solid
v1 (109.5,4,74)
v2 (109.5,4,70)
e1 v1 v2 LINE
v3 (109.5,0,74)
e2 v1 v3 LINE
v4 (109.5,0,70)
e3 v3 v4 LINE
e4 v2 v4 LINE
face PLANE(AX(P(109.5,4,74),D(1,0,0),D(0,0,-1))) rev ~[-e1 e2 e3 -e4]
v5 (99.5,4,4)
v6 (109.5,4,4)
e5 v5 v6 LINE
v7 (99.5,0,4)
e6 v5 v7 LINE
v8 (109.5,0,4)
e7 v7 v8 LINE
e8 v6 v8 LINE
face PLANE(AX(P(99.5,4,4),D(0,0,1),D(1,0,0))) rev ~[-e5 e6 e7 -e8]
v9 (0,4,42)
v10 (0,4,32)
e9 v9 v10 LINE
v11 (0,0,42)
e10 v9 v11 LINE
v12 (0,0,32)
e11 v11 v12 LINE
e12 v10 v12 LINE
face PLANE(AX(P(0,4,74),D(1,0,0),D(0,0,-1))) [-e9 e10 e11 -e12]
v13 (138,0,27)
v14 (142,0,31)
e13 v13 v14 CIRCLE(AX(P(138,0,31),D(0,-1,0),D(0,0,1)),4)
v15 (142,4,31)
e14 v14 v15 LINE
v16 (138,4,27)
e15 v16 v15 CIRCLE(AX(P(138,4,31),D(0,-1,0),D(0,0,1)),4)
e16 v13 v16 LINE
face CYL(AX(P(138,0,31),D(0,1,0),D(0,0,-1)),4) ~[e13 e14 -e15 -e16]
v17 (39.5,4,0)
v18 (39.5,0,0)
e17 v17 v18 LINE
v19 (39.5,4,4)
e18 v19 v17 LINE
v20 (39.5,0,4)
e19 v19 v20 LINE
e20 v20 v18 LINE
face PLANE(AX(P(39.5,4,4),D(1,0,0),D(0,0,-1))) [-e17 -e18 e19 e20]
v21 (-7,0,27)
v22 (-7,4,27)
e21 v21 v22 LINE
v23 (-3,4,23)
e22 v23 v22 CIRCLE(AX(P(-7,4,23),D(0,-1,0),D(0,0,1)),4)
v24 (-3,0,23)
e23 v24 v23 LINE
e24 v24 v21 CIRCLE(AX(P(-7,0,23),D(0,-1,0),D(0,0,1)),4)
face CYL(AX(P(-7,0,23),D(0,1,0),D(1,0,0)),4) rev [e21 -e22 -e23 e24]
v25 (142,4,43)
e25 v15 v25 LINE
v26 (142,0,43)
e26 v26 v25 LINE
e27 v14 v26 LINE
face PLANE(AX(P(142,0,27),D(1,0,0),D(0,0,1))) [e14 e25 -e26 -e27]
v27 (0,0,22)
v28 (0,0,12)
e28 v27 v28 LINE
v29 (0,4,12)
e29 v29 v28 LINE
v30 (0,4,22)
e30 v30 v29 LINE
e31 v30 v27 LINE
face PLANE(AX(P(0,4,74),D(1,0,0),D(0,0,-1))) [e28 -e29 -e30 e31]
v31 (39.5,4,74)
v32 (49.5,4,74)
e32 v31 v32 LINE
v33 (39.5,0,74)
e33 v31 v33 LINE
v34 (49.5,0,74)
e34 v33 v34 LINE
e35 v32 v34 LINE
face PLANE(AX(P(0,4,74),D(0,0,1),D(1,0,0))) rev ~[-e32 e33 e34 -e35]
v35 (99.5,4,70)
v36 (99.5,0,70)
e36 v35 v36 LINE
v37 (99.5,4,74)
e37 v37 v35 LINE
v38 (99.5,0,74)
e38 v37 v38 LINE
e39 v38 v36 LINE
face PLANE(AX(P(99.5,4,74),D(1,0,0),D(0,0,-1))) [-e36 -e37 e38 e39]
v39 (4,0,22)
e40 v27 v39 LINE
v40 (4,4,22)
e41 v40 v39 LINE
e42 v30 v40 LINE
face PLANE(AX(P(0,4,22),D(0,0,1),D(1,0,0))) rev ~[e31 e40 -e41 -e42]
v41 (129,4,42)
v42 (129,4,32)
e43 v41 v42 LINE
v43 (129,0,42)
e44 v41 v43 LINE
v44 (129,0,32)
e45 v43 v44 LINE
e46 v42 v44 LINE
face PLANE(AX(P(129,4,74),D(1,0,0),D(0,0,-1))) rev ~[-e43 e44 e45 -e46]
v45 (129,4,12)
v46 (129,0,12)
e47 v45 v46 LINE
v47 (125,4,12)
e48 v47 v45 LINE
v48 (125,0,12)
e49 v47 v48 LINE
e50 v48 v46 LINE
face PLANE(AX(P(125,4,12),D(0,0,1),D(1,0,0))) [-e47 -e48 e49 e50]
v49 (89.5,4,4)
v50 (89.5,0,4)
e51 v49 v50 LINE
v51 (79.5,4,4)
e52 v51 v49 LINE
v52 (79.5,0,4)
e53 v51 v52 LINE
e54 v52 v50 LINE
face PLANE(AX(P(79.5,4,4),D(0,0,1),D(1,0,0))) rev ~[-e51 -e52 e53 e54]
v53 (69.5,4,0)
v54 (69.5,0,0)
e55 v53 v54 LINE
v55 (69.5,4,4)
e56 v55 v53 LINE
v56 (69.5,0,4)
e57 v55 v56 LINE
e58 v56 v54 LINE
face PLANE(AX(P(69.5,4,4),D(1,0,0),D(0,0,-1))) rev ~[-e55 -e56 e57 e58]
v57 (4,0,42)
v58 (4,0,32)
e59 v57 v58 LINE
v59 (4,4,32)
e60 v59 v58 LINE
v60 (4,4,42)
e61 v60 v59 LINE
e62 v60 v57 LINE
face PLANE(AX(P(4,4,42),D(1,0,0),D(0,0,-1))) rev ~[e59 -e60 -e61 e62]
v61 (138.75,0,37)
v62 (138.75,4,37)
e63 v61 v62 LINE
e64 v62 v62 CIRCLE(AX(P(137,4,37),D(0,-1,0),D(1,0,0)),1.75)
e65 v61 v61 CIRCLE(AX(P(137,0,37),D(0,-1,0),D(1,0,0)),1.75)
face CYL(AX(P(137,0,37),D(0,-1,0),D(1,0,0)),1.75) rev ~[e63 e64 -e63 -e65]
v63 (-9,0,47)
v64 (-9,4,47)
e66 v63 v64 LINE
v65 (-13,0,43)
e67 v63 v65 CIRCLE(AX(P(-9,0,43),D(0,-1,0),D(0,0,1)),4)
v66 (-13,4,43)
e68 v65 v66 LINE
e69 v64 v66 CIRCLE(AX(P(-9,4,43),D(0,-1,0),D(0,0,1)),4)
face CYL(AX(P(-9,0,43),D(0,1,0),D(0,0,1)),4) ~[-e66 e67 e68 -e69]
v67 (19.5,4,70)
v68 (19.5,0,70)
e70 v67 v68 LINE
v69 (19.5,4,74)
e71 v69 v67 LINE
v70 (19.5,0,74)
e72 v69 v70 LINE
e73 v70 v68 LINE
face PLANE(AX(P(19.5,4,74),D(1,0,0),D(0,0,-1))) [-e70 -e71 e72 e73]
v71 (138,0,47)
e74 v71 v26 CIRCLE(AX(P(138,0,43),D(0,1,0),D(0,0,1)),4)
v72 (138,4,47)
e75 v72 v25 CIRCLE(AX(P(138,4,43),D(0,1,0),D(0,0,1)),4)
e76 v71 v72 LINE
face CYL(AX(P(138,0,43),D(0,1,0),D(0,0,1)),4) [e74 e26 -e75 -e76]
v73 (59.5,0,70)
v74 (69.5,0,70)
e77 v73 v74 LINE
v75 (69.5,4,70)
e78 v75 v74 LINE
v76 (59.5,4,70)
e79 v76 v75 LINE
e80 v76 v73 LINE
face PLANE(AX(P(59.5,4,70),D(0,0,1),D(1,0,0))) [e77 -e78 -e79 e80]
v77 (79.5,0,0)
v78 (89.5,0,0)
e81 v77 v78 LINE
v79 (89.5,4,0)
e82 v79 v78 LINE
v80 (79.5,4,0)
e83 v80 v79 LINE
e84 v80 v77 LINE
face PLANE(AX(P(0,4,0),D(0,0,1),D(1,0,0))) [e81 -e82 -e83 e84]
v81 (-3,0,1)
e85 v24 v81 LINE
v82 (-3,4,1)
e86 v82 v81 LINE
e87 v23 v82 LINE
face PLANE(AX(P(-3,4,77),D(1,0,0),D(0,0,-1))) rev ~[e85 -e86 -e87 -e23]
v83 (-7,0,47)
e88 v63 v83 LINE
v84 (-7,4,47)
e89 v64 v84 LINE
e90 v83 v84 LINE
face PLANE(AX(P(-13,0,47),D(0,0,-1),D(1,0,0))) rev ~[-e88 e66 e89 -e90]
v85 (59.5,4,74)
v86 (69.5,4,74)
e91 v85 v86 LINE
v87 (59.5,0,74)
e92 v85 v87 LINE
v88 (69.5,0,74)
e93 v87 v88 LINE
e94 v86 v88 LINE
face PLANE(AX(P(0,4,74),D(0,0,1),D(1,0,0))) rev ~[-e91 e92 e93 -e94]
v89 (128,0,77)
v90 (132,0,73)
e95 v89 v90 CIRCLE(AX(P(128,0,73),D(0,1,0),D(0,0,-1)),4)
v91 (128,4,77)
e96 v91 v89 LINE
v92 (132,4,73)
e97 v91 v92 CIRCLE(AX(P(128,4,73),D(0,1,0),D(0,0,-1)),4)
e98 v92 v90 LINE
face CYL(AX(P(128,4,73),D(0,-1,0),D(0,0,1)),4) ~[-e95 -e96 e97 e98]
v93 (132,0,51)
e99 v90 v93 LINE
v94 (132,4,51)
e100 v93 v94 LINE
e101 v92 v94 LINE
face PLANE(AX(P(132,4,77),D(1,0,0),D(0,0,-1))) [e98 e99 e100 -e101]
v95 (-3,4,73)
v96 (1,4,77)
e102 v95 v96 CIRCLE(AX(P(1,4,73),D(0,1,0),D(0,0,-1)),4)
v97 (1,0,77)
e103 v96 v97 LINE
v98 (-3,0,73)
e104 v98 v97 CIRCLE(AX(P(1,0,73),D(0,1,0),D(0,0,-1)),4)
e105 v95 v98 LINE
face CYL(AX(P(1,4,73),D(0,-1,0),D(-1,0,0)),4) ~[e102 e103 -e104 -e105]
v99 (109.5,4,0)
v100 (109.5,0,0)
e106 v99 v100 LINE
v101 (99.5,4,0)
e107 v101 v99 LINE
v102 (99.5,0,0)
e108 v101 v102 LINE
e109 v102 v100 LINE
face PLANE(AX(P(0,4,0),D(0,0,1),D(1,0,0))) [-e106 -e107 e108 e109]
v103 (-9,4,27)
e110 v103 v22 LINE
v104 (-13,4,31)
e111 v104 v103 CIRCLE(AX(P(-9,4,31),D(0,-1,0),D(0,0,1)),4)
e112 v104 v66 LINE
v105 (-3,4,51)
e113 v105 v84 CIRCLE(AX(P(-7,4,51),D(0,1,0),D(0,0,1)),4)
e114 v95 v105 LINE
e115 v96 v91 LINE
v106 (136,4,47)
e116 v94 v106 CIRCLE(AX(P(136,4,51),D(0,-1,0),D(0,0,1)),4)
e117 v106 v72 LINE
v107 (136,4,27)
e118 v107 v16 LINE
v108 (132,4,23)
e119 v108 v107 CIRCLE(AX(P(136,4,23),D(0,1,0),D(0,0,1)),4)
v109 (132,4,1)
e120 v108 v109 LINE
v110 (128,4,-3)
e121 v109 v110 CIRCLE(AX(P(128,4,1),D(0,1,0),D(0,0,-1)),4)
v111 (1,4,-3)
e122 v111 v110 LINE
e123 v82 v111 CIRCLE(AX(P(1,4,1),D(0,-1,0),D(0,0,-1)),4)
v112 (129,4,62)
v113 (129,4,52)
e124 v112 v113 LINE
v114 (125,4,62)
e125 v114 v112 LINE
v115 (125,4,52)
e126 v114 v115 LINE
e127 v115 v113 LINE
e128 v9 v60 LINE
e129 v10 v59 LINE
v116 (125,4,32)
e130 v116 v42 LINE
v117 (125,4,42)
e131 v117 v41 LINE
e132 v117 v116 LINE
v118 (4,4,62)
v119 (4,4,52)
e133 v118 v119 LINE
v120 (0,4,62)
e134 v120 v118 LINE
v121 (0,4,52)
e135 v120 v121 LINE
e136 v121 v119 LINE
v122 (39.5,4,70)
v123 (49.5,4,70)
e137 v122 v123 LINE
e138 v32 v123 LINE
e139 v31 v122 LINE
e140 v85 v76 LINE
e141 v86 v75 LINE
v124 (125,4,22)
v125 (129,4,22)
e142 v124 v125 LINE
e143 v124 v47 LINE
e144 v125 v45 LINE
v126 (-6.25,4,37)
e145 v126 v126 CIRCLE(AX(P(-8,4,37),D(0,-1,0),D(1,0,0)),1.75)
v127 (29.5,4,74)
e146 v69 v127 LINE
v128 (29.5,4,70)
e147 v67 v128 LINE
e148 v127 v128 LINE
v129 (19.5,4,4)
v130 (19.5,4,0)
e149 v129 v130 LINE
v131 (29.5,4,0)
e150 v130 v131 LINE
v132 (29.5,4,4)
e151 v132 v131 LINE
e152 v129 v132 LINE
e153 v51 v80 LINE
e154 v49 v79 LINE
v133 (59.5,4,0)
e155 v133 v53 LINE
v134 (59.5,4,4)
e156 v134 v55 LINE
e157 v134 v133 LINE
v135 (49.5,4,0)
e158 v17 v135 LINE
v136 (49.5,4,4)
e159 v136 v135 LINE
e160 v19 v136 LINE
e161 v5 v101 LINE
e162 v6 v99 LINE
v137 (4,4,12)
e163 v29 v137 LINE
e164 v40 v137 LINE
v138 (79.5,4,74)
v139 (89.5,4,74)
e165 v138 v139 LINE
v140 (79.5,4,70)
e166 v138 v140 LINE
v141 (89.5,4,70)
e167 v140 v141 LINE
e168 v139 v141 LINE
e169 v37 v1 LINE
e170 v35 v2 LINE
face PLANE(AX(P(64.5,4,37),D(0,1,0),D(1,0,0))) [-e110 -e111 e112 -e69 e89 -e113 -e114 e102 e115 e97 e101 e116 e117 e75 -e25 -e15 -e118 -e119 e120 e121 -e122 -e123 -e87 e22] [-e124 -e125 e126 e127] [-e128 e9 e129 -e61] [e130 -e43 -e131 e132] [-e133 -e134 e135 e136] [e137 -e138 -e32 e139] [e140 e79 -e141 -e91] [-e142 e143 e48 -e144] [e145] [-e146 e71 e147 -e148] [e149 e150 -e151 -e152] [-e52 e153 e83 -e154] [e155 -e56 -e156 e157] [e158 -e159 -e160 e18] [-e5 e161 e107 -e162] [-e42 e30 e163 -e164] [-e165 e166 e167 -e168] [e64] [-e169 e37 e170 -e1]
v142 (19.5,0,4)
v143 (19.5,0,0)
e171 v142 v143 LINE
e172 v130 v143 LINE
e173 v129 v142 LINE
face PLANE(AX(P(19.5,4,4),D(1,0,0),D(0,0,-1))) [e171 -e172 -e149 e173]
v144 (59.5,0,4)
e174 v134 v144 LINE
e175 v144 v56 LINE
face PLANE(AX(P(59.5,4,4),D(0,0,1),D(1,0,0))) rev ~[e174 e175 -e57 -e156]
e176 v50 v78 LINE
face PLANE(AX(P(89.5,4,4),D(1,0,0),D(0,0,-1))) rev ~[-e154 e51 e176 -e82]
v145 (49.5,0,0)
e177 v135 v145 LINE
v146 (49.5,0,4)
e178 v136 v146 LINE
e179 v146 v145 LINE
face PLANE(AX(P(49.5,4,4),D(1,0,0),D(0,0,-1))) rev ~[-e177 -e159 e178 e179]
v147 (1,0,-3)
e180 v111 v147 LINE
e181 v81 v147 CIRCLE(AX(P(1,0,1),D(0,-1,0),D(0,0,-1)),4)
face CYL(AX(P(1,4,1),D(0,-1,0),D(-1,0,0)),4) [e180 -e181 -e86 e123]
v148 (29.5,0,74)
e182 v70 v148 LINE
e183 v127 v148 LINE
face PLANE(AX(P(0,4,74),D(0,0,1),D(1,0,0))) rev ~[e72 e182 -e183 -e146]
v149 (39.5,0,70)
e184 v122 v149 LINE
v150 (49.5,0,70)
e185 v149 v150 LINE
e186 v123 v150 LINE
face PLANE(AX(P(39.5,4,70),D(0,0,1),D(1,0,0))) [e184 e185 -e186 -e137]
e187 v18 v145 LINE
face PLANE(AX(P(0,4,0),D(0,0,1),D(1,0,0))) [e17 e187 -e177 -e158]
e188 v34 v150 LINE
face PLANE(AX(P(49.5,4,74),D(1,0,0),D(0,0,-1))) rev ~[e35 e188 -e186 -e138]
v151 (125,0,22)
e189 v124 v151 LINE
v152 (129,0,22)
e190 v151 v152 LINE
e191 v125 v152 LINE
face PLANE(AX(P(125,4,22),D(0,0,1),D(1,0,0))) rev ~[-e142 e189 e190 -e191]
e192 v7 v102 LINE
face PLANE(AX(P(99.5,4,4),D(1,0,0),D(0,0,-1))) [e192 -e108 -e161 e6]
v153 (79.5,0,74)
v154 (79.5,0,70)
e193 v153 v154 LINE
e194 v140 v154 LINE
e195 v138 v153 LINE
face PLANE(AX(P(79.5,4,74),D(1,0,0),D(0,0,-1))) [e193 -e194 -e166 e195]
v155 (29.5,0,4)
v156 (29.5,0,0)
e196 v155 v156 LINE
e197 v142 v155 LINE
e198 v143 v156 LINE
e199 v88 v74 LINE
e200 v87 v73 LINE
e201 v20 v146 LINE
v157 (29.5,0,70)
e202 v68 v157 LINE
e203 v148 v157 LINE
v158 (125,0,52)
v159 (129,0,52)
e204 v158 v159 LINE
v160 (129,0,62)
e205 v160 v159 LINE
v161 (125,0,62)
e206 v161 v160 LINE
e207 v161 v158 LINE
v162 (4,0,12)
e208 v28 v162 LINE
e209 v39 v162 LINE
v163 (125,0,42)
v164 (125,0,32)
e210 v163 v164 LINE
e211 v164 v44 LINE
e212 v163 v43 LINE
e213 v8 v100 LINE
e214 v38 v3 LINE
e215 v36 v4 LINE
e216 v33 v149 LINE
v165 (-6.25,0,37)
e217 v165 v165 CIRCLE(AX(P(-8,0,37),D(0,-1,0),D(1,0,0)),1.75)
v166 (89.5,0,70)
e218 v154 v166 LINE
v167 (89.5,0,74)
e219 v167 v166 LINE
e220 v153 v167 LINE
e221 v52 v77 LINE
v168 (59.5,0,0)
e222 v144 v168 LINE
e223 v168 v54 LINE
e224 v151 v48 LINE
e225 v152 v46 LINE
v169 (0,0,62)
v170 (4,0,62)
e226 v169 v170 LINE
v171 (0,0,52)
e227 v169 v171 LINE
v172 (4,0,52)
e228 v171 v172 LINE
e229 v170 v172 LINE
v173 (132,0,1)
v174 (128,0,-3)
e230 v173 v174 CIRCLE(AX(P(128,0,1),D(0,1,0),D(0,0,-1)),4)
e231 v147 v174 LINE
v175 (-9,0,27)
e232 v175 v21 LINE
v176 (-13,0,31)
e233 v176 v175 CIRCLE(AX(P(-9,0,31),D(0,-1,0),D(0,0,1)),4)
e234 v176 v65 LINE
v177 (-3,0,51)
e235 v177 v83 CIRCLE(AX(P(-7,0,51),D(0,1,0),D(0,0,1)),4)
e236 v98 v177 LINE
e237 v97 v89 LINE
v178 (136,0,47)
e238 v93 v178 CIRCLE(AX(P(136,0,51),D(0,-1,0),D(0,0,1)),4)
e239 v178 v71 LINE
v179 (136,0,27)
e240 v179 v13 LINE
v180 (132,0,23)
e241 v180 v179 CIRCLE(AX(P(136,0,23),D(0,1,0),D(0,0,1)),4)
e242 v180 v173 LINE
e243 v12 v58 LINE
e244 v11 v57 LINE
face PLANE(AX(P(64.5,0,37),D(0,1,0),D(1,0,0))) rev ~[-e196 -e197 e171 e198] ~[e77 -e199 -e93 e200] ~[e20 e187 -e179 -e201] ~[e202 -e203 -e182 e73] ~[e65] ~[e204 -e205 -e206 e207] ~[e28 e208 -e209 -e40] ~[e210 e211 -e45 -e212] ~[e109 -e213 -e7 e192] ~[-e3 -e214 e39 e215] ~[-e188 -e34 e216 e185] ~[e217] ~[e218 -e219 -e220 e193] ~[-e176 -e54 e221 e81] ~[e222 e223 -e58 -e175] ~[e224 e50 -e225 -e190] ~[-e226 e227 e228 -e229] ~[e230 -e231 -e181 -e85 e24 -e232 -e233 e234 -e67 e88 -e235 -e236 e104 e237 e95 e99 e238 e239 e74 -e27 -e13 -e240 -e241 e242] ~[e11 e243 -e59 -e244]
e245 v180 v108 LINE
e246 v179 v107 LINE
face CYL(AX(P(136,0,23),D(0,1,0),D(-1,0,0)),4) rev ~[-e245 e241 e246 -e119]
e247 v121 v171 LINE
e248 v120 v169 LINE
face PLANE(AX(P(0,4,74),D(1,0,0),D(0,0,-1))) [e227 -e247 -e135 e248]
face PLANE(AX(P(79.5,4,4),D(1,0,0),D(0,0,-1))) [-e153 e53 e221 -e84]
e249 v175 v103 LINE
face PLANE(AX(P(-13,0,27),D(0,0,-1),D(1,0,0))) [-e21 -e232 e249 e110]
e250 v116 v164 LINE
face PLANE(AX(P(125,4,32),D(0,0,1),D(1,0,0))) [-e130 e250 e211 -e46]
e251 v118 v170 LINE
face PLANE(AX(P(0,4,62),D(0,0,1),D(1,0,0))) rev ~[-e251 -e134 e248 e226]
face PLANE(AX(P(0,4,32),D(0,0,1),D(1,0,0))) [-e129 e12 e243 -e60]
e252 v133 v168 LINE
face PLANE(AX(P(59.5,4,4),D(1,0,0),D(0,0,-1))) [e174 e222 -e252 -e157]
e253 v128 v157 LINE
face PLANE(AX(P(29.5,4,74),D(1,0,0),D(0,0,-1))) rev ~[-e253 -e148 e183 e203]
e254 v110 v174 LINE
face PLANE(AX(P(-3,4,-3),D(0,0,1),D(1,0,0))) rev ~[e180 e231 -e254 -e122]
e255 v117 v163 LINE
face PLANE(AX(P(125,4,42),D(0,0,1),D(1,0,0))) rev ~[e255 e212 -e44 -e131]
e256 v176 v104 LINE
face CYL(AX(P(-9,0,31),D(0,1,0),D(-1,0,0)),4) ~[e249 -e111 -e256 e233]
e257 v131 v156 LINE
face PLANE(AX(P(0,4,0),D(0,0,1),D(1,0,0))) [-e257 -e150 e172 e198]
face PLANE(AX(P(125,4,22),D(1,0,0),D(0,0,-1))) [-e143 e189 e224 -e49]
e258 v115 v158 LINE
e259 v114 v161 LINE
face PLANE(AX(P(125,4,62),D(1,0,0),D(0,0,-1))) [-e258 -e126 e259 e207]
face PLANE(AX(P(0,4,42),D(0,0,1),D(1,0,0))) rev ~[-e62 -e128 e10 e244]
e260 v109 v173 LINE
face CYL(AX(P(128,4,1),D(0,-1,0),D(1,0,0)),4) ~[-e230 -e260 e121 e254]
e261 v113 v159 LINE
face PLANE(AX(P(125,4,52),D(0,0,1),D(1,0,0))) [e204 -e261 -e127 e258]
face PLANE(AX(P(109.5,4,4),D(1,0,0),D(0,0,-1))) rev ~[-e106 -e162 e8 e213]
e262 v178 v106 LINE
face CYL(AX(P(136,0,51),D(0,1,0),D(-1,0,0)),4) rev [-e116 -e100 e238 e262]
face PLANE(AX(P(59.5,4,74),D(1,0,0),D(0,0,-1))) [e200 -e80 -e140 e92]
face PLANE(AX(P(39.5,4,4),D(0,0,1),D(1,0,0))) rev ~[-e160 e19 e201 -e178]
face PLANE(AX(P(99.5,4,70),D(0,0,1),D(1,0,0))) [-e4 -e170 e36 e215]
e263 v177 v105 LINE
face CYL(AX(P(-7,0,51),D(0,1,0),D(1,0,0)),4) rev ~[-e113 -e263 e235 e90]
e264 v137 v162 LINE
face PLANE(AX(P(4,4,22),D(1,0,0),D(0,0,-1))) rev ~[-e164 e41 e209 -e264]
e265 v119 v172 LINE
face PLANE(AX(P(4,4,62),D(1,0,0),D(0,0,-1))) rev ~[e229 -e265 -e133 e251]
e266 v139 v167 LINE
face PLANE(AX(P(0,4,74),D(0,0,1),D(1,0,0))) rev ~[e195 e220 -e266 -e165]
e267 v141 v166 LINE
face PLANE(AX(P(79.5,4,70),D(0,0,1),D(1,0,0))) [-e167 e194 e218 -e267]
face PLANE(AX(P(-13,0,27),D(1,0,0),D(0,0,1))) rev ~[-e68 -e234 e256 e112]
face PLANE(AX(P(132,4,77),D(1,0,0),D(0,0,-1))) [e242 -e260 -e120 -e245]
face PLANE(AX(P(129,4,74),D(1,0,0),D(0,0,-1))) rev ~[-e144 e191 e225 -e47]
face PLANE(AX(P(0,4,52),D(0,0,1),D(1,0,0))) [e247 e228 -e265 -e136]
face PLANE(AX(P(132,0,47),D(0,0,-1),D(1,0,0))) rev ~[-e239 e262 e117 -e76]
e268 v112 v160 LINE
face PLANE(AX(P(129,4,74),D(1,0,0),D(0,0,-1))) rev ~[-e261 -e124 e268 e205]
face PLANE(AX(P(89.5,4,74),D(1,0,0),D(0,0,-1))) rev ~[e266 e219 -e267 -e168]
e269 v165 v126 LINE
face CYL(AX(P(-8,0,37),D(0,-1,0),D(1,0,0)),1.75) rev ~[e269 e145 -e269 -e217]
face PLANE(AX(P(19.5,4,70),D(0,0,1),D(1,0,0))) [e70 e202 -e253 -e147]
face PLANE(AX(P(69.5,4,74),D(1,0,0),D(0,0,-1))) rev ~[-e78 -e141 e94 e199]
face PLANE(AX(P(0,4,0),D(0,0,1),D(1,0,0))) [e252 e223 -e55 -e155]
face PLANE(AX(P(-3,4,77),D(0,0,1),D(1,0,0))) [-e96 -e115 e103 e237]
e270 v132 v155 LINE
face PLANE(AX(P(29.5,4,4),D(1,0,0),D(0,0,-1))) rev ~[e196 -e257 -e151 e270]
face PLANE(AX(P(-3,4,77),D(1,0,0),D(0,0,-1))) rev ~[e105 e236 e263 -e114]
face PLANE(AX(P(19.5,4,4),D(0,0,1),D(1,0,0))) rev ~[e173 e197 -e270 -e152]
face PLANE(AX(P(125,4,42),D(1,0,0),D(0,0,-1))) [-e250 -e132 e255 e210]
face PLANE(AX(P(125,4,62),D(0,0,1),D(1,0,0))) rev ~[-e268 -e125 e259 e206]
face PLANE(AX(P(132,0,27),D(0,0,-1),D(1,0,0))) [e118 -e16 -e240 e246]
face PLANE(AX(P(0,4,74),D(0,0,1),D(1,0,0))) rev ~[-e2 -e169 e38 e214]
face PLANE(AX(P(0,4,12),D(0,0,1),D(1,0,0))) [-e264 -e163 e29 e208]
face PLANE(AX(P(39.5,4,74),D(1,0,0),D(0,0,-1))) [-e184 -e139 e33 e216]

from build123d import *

# Parameters (mm, degrees)
SKETCH1_W           = 129
SKETCH1_H           = 74
BOSS_EXTRUDE1_DEPTH = 4
SKETCH4_W           = 4
SKETCH4_H           = 10
SKETCH4_W_2         = 10
SKETCH4_H_2         = 4
CUT_EXTRUDE3_DEPTH  = 5
SKETCH5_W           = 135
SKETCH5_H           = 80
SKETCH5_W_2         = 129
SKETCH5_H_2         = 74
BOSS_EXTRUDE2_DEPTH = 4
SKETCH6_W           = 10
SKETCH6_H           = 20
SKETCH6_R           = 1.75
BOSS_EXTRUDE3_DEPTH = 4
FILLET1_R           = 4


with BuildPart() as part:
    # Sketch1 → Boss-Extrude1 (new body)
    with BuildSketch(Plane(origin=(0, 0, 0), x_dir=(1, 0, 0), z_dir=(0, 1, 0))):
        with Locations((64.5, -37)):
            Rectangle(SKETCH1_W, SKETCH1_H)
    extrude(amount=BOSS_EXTRUDE1_DEPTH)

    # Sketch4 → Cut-Extrude3 (cut, through all)
    with BuildSketch(Plane(origin=(0, 4, 0), x_dir=(1, 0, 0), z_dir=(0, 1, 0))):
        with Locations((127, -57)):
            Rectangle(SKETCH4_W, SKETCH4_H)
        with Locations((127, -37)):
            Rectangle(SKETCH4_W, SKETCH4_H)
        with Locations((127, -17)):
            Rectangle(SKETCH4_W, SKETCH4_H)
        with Locations((2, -57)):
            Rectangle(SKETCH4_W, SKETCH4_H)
        with Locations((2, -37)):
            Rectangle(SKETCH4_W, SKETCH4_H)
        with Locations((2, -17)):
            Rectangle(SKETCH4_W, SKETCH4_H)
        with Locations((104.5, -2)):
            Rectangle(SKETCH4_W_2, SKETCH4_H_2)
        with Locations((84.5, -2)):
            Rectangle(SKETCH4_W_2, SKETCH4_H_2)
        with Locations((64.5, -2)):
            Rectangle(SKETCH4_W_2, SKETCH4_H_2)
        with Locations((44.5, -2)):
            Rectangle(SKETCH4_W_2, SKETCH4_H_2)
        with Locations((24.5, -2)):
            Rectangle(SKETCH4_W_2, SKETCH4_H_2)
        with Locations((104.5, -72)):
            Rectangle(SKETCH4_W_2, SKETCH4_H_2)
        with Locations((84.5, -72)):
            Rectangle(SKETCH4_W_2, SKETCH4_H_2)
        with Locations((64.5, -72)):
            Rectangle(SKETCH4_W_2, SKETCH4_H_2)
        with Locations((44.5, -72)):
            Rectangle(SKETCH4_W_2, SKETCH4_H_2)
        with Locations((24.5, -72)):
            Rectangle(SKETCH4_W_2, SKETCH4_H_2)
    extrude(amount=-CUT_EXTRUDE3_DEPTH, mode=Mode.SUBTRACT)

    # Sketch5 → Boss-Extrude2 (add, through all)
    with BuildSketch(Plane(origin=(0, 4, 0), x_dir=(1, 0, 0), z_dir=(0, 1, 0))):
        with Locations((64.5, -37)):
            Rectangle(SKETCH5_W, SKETCH5_H)
        with Locations((64.5, -37)):
            Rectangle(SKETCH5_W_2, SKETCH5_H_2, mode=Mode.SUBTRACT)
    extrude(amount=-BOSS_EXTRUDE2_DEPTH)

    # Sketch6 → Boss-Extrude3 (add, through all)
    with BuildSketch(Plane.XZ):
        with Locations((137, 37)):
            Rectangle(SKETCH6_W, SKETCH6_H)
        with Locations((137, 37)):
            Circle(SKETCH6_R, mode=Mode.SUBTRACT)
        with Locations((-8, 37)):
            Rectangle(SKETCH6_W, SKETCH6_H)
        with Locations((-8, 37)):
            Circle(SKETCH6_R, mode=Mode.SUBTRACT)
    extrude(amount=-BOSS_EXTRUDE3_DEPTH)

    # Fillet1
    fillet1_edges = [part.edges().sort_by_distance(p)[0] for p in [
        (132, 2, -3),
        (132, 2, 77),
        (-3, 2, 77),
        (-3, 2, -3),
        (132, 2, 27),
        (132, 2, 47),
        (142, 2, 47),
        (142, 2, 27),
        (-13, 2, 27),
        (-13, 2, 47),
        (-3, 2, 47),
        (-3, 2, 27),
    ]]
    fillet(fillet1_edges, radius=FILLET1_R)


solid = part.part
